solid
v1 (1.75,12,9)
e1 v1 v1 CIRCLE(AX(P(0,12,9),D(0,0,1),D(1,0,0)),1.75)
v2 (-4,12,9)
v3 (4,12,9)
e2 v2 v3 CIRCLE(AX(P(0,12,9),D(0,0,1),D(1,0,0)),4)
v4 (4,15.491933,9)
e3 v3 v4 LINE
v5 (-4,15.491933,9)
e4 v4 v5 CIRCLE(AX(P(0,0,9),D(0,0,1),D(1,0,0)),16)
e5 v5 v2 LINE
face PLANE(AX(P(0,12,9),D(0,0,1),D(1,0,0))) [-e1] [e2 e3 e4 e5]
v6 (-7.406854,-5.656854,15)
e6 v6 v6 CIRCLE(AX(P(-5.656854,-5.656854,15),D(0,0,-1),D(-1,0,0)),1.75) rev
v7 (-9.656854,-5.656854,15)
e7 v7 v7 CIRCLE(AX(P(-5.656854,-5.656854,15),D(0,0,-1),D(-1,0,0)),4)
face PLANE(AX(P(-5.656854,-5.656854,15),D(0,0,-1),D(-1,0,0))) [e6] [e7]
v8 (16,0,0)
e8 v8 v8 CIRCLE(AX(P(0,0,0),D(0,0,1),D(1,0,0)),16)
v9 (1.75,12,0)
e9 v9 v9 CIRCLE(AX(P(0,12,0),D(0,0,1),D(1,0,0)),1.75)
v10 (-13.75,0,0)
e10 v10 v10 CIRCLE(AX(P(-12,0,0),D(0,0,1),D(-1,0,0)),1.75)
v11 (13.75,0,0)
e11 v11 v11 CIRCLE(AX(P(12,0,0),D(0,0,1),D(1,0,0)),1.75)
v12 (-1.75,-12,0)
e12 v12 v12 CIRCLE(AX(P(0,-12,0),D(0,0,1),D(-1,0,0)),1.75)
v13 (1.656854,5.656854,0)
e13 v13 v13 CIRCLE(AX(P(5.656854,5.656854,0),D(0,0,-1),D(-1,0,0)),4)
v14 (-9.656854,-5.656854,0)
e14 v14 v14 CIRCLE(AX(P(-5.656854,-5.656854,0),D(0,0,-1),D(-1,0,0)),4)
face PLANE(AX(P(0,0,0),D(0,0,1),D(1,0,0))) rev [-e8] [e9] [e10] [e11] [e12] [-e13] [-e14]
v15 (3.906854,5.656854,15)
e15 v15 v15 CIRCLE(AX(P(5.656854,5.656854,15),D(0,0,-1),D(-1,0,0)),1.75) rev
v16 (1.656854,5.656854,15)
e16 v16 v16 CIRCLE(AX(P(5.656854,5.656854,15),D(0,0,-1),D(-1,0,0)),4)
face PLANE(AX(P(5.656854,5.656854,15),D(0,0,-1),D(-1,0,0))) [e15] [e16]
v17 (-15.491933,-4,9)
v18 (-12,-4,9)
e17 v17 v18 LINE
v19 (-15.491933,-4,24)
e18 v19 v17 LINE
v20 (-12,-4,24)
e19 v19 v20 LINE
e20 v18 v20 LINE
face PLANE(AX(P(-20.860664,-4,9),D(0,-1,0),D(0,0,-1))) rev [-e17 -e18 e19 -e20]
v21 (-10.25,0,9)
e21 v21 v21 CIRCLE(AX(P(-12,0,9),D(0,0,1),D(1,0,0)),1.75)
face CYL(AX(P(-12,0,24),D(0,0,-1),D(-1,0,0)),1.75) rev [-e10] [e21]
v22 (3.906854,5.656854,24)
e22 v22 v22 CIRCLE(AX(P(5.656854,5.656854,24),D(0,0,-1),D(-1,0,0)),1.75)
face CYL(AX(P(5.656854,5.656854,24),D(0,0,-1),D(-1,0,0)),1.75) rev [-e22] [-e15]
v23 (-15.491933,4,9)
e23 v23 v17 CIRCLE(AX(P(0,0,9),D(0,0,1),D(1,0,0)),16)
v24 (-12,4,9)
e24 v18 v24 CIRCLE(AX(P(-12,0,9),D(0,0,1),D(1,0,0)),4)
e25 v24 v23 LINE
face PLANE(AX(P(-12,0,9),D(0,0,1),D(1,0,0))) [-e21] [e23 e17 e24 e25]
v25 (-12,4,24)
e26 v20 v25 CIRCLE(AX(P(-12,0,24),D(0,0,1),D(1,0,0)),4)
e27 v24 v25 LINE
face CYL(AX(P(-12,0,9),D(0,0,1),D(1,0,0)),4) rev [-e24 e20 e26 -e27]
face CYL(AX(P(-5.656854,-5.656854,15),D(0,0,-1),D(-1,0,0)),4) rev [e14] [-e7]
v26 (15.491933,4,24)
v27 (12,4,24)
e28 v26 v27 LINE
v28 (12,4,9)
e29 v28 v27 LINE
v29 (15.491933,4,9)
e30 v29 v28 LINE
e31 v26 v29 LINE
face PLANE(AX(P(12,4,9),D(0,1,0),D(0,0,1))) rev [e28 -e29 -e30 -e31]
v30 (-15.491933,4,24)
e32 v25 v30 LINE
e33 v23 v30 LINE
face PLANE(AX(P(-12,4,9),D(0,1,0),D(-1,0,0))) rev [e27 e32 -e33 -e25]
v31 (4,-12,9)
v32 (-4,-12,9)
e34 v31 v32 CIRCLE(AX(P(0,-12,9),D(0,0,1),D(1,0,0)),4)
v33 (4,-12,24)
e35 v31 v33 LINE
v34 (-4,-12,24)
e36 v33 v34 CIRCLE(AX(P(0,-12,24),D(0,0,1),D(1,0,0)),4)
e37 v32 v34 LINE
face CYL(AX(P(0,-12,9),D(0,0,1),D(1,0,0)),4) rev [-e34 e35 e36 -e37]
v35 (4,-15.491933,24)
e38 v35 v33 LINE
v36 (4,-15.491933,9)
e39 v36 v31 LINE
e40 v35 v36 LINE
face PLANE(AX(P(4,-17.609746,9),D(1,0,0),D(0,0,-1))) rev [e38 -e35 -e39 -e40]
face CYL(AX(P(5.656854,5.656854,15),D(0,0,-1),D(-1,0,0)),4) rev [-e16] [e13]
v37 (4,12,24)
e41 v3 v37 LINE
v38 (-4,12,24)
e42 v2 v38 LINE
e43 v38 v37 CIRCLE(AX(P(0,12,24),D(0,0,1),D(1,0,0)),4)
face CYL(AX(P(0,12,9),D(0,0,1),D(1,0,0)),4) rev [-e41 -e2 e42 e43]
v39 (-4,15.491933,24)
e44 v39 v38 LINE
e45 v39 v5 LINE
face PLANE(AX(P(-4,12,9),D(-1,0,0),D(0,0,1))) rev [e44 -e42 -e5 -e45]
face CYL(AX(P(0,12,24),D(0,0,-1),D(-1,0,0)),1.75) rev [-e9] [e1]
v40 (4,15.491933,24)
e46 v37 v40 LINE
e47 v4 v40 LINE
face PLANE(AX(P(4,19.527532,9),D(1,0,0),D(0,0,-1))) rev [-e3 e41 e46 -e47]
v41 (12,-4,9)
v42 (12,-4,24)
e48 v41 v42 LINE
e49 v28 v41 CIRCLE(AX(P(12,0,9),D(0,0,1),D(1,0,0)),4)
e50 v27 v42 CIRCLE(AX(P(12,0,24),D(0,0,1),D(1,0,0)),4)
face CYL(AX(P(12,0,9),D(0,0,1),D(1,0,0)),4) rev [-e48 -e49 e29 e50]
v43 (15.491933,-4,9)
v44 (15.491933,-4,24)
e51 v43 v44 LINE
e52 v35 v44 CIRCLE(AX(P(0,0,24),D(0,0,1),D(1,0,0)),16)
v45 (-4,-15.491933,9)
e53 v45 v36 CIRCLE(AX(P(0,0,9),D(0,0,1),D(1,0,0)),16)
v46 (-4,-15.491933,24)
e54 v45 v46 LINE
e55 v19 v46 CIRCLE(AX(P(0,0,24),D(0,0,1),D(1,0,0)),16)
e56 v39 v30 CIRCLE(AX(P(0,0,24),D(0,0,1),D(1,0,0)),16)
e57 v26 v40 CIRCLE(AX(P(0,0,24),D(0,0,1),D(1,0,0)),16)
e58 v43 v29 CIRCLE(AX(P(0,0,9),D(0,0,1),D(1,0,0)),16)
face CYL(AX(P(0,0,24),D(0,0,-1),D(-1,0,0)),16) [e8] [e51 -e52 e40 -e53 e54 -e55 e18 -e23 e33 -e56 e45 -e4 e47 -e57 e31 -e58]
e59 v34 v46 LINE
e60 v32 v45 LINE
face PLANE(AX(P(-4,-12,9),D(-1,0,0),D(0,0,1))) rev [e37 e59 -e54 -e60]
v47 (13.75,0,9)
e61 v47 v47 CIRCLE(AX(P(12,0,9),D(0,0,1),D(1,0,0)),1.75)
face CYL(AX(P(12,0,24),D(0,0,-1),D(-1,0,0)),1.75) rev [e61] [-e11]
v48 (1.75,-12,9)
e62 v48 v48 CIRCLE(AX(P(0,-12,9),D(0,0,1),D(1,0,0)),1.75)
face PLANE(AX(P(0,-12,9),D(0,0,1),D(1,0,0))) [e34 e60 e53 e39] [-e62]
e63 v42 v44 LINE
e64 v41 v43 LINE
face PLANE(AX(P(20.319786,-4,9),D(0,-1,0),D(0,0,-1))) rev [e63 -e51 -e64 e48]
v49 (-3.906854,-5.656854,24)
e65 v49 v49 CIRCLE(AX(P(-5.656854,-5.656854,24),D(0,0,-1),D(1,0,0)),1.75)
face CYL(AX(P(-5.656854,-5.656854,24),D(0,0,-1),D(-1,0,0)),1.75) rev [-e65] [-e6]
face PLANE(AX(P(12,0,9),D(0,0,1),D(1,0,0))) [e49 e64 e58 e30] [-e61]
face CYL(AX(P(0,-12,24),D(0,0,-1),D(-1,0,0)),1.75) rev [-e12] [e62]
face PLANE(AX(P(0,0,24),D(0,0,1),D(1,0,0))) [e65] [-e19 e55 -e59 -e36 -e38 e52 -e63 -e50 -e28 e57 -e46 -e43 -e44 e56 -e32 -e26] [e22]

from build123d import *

# Parameters (mm, degrees)
SKETCH1_R           = 16
SKETCH1_R_2         = 1.75
BOSS_EXTRUDE1_DEPTH = 24
SKETCH2_R           = 1.75
CUT_EXTRUDE1_DEPTH  = 33.984845005
SKETCH3_R           = 4
CUT_EXTRUDE2_DEPTH  = 15
CUT_EXTRUDE3_DEPTH  = 15


with BuildPart() as part:
    # Sketch1 → Boss-Extrude1 (new body)
    with BuildSketch(Plane.XY):
        Circle(SKETCH1_R)
        with Locations((0, 12)):
            Circle(SKETCH1_R_2, mode=Mode.SUBTRACT)
        with Locations((12, 0)):
            Circle(SKETCH1_R_2, mode=Mode.SUBTRACT)
        with Locations(Location((-12, 0, 0), (0, 0, 180))):
            Circle(SKETCH1_R_2, mode=Mode.SUBTRACT)
        with Locations(Location((0, -12, 0), (0, 0, 180))):
            Circle(SKETCH1_R_2, mode=Mode.SUBTRACT)
    extrude(amount=BOSS_EXTRUDE1_DEPTH)

    # Sketch2 → Cut-Extrude1 (cut, through all)
    with BuildSketch(Plane(origin=(0, 0, 0), x_dir=(-1, 0, 0), z_dir=(0, 0, -1))):
        with Locations((-5.656854249, 5.656854249)):
            Circle(SKETCH2_R)
        with Locations(Location((5.656854249, -5.656854249, 0), (0, 0, 180))):
            Circle(SKETCH2_R)
    extrude(amount=-CUT_EXTRUDE1_DEPTH, mode=Mode.SUBTRACT)

    # Sketch3 → Cut-Extrude2 (cut)
    with BuildSketch(Plane(origin=(0, 0, 0), x_dir=(-1, 0, 0), z_dir=(0, 0, -1))):
        with Locations((-5.656854249, 5.656854249)):
            Circle(SKETCH3_R)
        with Locations((5.656854249, -5.656854249)):
            Circle(SKETCH3_R)
    extrude(amount=-CUT_EXTRUDE2_DEPTH, mode=Mode.SUBTRACT)

    # Sketch4 → Cut-Extrude3 (cut)
    with BuildSketch(Plane.XY.offset(24)):
        with BuildLine():
            Line((-4, 12), (-4, 19.527532163))
            Line((-4, 19.527532163), (4, 19.527532163))
            Line((4, 19.527532163), (4, 12))
            ThreePointArc((4, 12), (0, 8), (-4, 12))
        make_face()
        with BuildLine():
            Line((12, 4), (20.319785819, 4))
            Line((20.319785819, 4), (20.319785819, -4))
            Line((20.319785819, -4), (12, -4))
            ThreePointArc((12, -4), (8, 0), (12, 4))
        make_face()
        with BuildLine():
            Line((-12, 4), (-20.860663916, 4))
            Line((-20.860663916, 4), (-20.860663916, -4))
            Line((-20.860663916, -4), (-12, -4))
            ThreePointArc((-12, -4), (-8, 0), (-12, 4))
        make_face()
        with BuildLine():
            Line((-4, -12), (-4, -17.609746143))
            Line((-4, -17.609746143), (4, -17.609746143))
            Line((4, -17.609746143), (4, -12))
            ThreePointArc((4, -12), (0, -8), (-4, -12))
        make_face()
    extrude(amount=-CUT_EXTRUDE3_DEPTH, mode=Mode.SUBTRACT)


solid = part.part
